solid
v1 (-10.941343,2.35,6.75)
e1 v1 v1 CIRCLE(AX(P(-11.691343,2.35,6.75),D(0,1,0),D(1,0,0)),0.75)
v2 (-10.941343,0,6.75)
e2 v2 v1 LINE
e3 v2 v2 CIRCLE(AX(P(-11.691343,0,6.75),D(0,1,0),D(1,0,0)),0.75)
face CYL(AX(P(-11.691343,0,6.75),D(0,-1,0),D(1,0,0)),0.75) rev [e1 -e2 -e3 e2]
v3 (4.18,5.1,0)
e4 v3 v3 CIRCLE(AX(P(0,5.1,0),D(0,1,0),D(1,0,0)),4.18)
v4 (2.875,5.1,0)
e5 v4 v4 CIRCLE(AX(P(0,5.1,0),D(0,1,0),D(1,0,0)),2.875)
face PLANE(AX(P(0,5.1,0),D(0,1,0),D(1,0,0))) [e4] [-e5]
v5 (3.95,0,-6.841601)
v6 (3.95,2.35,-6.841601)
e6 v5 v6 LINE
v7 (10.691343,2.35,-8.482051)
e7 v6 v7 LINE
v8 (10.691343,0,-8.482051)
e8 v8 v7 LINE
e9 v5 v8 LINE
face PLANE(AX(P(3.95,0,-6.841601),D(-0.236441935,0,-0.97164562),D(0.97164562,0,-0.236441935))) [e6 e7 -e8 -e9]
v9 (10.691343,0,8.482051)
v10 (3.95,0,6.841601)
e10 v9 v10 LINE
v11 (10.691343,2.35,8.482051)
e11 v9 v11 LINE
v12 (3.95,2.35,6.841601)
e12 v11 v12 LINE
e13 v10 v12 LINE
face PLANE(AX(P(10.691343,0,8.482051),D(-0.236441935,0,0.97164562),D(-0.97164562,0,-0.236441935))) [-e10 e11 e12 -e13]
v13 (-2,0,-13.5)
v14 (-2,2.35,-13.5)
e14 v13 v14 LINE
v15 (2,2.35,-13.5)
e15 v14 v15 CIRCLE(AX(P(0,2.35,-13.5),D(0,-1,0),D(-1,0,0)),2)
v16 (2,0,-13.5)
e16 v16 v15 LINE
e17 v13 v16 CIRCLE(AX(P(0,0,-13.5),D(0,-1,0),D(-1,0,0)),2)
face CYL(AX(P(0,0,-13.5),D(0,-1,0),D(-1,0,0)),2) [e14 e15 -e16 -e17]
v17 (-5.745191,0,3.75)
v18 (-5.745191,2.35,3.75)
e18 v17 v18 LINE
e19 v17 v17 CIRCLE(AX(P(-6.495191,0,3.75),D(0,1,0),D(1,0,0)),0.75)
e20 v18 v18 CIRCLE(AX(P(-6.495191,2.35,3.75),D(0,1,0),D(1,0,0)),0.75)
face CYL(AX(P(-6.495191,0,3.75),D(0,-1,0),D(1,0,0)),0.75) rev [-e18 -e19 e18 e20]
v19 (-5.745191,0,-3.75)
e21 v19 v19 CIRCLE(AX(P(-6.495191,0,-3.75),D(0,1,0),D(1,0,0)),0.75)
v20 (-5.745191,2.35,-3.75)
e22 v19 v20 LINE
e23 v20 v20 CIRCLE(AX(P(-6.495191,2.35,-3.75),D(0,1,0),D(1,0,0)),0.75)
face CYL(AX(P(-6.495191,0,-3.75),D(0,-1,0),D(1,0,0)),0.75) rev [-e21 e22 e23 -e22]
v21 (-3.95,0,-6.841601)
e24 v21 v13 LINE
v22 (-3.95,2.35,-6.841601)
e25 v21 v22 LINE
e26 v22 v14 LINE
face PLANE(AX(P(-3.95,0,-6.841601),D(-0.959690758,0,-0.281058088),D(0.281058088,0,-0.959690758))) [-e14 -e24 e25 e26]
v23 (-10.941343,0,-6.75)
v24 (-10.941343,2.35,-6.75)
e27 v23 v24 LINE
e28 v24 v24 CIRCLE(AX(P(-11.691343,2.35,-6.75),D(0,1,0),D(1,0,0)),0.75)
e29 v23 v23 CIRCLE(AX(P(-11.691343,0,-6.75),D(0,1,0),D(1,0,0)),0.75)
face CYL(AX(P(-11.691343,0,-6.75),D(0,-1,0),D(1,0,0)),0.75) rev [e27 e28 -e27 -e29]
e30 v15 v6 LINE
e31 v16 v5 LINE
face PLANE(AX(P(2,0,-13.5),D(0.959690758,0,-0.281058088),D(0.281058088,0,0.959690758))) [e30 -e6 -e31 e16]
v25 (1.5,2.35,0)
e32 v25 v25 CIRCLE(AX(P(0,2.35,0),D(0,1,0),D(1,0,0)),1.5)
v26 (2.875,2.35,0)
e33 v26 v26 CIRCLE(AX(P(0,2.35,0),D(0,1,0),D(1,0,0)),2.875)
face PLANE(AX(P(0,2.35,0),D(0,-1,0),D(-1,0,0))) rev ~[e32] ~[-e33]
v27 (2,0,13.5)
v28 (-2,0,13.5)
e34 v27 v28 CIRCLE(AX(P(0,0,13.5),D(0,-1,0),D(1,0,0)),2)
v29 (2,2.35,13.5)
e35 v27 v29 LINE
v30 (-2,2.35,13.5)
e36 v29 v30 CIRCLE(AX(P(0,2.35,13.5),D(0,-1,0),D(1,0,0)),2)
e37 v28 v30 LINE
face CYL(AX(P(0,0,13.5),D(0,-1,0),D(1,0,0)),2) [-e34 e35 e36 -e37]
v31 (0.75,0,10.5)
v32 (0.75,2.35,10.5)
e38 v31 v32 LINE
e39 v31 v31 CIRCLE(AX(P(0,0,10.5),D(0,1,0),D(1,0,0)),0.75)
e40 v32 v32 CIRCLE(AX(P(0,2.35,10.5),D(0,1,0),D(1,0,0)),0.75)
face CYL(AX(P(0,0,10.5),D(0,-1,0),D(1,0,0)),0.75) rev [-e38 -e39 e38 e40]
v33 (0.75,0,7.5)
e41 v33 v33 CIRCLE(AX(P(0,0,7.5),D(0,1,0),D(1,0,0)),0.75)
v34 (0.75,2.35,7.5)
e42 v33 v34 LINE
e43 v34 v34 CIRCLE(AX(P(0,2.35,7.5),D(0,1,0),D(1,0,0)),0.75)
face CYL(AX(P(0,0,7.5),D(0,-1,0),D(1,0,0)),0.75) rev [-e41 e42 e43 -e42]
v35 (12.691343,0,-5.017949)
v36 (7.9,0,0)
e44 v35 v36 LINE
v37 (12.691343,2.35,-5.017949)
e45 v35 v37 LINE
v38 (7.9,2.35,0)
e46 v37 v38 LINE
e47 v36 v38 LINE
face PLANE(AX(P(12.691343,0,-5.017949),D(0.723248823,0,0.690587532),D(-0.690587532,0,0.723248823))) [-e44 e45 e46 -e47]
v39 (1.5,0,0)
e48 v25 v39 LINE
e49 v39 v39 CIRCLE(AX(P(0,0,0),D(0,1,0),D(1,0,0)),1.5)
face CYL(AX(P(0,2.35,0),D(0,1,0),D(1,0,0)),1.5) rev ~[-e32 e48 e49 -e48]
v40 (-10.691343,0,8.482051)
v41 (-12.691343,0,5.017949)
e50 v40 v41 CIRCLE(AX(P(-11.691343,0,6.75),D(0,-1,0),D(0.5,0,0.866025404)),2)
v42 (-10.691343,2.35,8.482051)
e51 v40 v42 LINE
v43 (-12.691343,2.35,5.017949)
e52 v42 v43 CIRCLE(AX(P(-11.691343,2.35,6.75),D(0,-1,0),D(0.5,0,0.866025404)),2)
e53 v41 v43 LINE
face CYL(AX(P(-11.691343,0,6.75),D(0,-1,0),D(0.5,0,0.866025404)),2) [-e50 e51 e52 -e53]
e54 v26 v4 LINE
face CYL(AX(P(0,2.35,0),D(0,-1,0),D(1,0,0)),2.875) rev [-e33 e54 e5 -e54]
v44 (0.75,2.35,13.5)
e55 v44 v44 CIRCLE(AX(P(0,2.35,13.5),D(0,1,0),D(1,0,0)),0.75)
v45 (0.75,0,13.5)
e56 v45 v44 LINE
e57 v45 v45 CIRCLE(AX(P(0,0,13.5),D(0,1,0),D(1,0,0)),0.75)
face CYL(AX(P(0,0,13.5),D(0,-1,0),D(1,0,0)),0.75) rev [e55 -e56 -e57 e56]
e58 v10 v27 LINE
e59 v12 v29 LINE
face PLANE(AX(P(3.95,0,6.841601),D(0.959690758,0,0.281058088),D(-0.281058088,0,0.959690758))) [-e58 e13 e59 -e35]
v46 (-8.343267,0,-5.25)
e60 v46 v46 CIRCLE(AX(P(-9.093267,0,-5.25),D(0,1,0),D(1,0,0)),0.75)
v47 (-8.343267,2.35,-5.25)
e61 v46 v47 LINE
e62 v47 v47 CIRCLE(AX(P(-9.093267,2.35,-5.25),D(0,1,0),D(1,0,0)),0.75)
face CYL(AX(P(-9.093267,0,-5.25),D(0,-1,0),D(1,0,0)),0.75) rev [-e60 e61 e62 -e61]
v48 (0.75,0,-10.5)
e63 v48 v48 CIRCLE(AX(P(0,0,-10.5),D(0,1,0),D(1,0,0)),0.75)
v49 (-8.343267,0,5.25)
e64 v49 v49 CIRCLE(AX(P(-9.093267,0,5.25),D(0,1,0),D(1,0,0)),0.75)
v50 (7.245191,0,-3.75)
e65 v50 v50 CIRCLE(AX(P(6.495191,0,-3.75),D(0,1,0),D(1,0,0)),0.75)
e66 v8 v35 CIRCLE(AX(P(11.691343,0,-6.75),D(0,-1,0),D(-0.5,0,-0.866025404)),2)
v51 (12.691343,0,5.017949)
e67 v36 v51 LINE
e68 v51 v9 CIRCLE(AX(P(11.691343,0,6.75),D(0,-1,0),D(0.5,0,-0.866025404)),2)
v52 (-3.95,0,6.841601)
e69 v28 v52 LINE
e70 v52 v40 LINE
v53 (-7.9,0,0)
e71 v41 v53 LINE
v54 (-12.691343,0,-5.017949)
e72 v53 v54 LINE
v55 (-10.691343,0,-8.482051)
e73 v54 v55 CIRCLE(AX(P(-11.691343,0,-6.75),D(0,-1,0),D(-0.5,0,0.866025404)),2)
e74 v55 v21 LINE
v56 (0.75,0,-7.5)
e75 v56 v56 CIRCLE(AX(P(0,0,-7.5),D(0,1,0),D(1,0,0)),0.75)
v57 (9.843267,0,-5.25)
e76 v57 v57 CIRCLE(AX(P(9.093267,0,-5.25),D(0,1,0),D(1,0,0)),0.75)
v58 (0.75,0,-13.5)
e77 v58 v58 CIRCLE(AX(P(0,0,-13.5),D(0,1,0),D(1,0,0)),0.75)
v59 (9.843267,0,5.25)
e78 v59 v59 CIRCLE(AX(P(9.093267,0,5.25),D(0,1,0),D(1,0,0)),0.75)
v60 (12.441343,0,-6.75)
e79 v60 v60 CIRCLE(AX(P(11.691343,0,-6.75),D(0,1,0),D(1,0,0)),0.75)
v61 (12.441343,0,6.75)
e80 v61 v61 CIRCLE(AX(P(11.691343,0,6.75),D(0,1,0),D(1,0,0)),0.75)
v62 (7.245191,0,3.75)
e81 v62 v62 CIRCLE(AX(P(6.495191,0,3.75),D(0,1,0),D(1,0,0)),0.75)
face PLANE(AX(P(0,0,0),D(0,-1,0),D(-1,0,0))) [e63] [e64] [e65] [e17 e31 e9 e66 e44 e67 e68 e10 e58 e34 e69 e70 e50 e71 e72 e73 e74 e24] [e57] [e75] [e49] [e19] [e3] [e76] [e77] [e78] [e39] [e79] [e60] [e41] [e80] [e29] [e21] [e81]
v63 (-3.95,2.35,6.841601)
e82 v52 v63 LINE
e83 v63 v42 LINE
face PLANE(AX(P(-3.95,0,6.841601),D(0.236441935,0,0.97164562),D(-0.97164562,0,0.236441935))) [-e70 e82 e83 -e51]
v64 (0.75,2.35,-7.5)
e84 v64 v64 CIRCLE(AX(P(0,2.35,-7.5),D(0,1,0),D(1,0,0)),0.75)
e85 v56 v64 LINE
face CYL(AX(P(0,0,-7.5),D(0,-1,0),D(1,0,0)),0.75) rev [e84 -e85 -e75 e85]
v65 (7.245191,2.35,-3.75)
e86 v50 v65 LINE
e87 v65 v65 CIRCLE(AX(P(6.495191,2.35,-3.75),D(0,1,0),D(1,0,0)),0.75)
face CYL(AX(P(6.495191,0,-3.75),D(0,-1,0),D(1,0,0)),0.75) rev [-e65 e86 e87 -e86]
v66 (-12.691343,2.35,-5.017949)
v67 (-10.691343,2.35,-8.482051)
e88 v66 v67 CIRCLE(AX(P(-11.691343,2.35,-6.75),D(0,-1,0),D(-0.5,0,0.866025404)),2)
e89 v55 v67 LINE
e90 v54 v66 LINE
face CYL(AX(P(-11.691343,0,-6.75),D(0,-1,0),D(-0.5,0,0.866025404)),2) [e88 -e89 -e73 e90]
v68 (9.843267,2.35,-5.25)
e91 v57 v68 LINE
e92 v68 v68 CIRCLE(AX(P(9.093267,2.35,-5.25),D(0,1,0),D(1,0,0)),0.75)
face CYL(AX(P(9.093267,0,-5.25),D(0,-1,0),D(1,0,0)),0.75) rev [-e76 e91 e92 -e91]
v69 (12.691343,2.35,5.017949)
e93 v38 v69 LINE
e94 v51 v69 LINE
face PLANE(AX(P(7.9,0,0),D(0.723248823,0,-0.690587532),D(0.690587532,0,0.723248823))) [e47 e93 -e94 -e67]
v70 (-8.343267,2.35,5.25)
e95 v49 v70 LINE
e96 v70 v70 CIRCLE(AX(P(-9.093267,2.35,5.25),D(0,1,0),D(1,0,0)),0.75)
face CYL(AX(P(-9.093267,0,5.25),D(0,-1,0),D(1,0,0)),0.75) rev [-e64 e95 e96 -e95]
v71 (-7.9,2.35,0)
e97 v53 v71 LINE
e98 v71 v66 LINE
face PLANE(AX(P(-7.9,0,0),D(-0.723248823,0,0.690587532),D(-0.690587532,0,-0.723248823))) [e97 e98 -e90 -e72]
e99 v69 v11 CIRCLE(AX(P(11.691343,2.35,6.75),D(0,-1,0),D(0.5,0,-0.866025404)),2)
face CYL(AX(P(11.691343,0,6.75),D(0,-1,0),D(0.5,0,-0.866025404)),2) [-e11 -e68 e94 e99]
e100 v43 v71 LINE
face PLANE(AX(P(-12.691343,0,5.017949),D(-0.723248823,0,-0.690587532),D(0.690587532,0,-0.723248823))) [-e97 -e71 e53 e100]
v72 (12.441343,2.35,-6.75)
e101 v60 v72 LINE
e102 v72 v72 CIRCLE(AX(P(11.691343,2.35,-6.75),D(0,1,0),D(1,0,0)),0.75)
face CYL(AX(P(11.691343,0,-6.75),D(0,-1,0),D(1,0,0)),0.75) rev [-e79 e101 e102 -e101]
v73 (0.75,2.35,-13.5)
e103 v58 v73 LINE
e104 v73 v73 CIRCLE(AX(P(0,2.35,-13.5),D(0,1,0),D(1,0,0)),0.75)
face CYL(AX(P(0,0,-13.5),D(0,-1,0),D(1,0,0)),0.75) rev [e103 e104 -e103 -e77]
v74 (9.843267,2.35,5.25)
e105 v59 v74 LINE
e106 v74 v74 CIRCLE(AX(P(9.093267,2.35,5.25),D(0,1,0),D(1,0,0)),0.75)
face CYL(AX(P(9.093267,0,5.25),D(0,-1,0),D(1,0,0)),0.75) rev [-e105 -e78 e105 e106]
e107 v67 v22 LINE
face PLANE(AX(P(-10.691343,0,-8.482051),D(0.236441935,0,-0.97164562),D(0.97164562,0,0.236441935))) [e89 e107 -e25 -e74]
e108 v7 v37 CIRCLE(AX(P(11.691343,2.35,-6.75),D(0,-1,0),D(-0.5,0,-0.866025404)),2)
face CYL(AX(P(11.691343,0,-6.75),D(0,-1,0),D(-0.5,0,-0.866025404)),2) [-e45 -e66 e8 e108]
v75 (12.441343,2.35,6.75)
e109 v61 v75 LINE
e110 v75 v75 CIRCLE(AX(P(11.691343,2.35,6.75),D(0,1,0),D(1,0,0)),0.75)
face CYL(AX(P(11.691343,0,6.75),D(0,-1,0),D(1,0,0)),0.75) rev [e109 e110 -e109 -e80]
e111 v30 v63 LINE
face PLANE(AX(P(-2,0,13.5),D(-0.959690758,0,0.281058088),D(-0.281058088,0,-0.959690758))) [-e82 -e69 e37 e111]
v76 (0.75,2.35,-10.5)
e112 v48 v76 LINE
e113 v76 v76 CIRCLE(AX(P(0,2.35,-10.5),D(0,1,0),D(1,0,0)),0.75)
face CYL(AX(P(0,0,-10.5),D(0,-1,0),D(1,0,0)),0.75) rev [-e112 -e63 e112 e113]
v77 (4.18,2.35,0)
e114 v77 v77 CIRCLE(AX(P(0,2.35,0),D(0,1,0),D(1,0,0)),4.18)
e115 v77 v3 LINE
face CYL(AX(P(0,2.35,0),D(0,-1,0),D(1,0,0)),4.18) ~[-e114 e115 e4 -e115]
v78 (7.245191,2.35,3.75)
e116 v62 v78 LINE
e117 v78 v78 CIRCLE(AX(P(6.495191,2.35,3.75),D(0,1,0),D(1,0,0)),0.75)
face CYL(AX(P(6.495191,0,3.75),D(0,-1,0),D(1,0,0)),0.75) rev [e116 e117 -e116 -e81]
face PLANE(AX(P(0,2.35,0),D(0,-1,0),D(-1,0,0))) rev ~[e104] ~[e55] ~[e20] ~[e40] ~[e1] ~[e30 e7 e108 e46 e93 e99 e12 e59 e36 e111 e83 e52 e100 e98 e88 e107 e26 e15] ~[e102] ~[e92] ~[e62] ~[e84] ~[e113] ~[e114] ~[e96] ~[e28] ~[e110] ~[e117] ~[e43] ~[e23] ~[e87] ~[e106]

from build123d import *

# Parameters (mm, degrees)
SKETCH1_R           = 0.75
BOSS_EXTRUDE1_DEPTH = 2.35
SKETCH2_R           = 1.5
CUT_EXTRUDE1_DEPTH  = 2.35
SKETCH3_R           = 4.18
SKETCH3_R_2         = 2.875
BOSS_EXTRUDE2_DEPTH = 2.75


with BuildPart() as part:
    # Sketch1 → Boss-Extrude1 (new body)
    with BuildSketch(Plane(origin=(0, 0, 0), x_dir=(1, 0, 0), z_dir=(0, 1, 0))):
        with BuildLine():
            Line((3.95, 6.84160069), (10.691342951, 8.482050808))
            ThreePointArc((10.691342951, 8.482050808), (13.423393759, 7.75), (12.691342951, 5.017949192))
            Line((12.691342951, 5.017949192), (7.9, 0))
            Line((7.9, 0), (12.691342951, -5.017949192))
            ThreePointArc((12.691342951, -5.017949192), (13.423393759, -7.75), (10.691342951, -8.482050808))
            Line((10.691342951, -8.482050808), (3.95, -6.84160069))
            Line((3.95, -6.84160069), (2, -13.5))
            ThreePointArc((2, -13.5), (0, -15.5), (-2, -13.5))
            Line((-2, -13.5), (-3.95, -6.84160069))
            Line((-3.95, -6.84160069), (-10.691342951, -8.482050808))
            ThreePointArc((-10.691342951, -8.482050808), (-13.423393759, -7.75), (-12.691342951, -5.017949192))
            Line((-12.691342951, -5.017949192), (-7.9, 0))
            Line((-7.9, 0), (-12.691342951, 5.017949192))
            ThreePointArc((-12.691342951, 5.017949192), (-13.423393759, 7.75), (-10.691342951, 8.482050808))
            Line((-10.691342951, 8.482050808), (-3.95, 6.84160069))
            Line((-3.95, 6.84160069), (-2, 13.5))
            ThreePointArc((-2, 13.5), (0, 15.5), (2, 13.5))
            Line((2, 13.5), (3.95, 6.84160069))
        make_face()
        with Locations((0, 10.5)):
            Circle(SKETCH1_R, mode=Mode.SUBTRACT)
        with Locations((0, 13.5)):
            Circle(SKETCH1_R, mode=Mode.SUBTRACT)
        with Locations((0, 7.5)):
            Circle(SKETCH1_R, mode=Mode.SUBTRACT)
        with Locations((11.691342951, 6.75)):
            Circle(SKETCH1_R, mode=Mode.SUBTRACT)
        with Locations((9.09326674, 5.25)):
            Circle(SKETCH1_R, mode=Mode.SUBTRACT)
        with Locations((6.495190528, 3.75)):
            Circle(SKETCH1_R, mode=Mode.SUBTRACT)
        with Locations((11.691342951, -6.75)):
            Circle(SKETCH1_R, mode=Mode.SUBTRACT)
        with Locations((9.09326674, -5.25)):
            Circle(SKETCH1_R, mode=Mode.SUBTRACT)
        with Locations((6.495190528, -3.75)):
            Circle(SKETCH1_R, mode=Mode.SUBTRACT)
        with Locations((0, -13.5)):
            Circle(SKETCH1_R, mode=Mode.SUBTRACT)
        with Locations((0, -10.5)):
            Circle(SKETCH1_R, mode=Mode.SUBTRACT)
        with Locations((0, -7.5)):
            Circle(SKETCH1_R, mode=Mode.SUBTRACT)
        with Locations((-11.691342951, -6.75)):
            Circle(SKETCH1_R, mode=Mode.SUBTRACT)
        with Locations((-9.09326674, -5.25)):
            Circle(SKETCH1_R, mode=Mode.SUBTRACT)
        with Locations((-6.495190528, -3.75)):
            Circle(SKETCH1_R, mode=Mode.SUBTRACT)
        with Locations((-11.691342951, 6.75)):
            Circle(SKETCH1_R, mode=Mode.SUBTRACT)
        with Locations((-9.09326674, 5.25)):
            Circle(SKETCH1_R, mode=Mode.SUBTRACT)
        with Locations((-6.495190528, 3.75)):
            Circle(SKETCH1_R, mode=Mode.SUBTRACT)
    extrude(amount=BOSS_EXTRUDE1_DEPTH)

    # Sketch2 → Cut-Extrude1 (cut)
    with BuildSketch(Plane(origin=(0, 2.35, 0), x_dir=(1, 0, 0), z_dir=(0, 1, 0))):
        Circle(SKETCH2_R)
    extrude(amount=-CUT_EXTRUDE1_DEPTH, mode=Mode.SUBTRACT)

    # Sketch3 → Boss-Extrude2 (add)
    with BuildSketch(Plane(origin=(0, 2.35, 0), x_dir=(1, 0, 0), z_dir=(0, 1, 0))):
        Circle(SKETCH3_R)
        Circle(SKETCH3_R_2, mode=Mode.SUBTRACT)
    extrude(amount=BOSS_EXTRUDE2_DEPTH)


solid = part.part
